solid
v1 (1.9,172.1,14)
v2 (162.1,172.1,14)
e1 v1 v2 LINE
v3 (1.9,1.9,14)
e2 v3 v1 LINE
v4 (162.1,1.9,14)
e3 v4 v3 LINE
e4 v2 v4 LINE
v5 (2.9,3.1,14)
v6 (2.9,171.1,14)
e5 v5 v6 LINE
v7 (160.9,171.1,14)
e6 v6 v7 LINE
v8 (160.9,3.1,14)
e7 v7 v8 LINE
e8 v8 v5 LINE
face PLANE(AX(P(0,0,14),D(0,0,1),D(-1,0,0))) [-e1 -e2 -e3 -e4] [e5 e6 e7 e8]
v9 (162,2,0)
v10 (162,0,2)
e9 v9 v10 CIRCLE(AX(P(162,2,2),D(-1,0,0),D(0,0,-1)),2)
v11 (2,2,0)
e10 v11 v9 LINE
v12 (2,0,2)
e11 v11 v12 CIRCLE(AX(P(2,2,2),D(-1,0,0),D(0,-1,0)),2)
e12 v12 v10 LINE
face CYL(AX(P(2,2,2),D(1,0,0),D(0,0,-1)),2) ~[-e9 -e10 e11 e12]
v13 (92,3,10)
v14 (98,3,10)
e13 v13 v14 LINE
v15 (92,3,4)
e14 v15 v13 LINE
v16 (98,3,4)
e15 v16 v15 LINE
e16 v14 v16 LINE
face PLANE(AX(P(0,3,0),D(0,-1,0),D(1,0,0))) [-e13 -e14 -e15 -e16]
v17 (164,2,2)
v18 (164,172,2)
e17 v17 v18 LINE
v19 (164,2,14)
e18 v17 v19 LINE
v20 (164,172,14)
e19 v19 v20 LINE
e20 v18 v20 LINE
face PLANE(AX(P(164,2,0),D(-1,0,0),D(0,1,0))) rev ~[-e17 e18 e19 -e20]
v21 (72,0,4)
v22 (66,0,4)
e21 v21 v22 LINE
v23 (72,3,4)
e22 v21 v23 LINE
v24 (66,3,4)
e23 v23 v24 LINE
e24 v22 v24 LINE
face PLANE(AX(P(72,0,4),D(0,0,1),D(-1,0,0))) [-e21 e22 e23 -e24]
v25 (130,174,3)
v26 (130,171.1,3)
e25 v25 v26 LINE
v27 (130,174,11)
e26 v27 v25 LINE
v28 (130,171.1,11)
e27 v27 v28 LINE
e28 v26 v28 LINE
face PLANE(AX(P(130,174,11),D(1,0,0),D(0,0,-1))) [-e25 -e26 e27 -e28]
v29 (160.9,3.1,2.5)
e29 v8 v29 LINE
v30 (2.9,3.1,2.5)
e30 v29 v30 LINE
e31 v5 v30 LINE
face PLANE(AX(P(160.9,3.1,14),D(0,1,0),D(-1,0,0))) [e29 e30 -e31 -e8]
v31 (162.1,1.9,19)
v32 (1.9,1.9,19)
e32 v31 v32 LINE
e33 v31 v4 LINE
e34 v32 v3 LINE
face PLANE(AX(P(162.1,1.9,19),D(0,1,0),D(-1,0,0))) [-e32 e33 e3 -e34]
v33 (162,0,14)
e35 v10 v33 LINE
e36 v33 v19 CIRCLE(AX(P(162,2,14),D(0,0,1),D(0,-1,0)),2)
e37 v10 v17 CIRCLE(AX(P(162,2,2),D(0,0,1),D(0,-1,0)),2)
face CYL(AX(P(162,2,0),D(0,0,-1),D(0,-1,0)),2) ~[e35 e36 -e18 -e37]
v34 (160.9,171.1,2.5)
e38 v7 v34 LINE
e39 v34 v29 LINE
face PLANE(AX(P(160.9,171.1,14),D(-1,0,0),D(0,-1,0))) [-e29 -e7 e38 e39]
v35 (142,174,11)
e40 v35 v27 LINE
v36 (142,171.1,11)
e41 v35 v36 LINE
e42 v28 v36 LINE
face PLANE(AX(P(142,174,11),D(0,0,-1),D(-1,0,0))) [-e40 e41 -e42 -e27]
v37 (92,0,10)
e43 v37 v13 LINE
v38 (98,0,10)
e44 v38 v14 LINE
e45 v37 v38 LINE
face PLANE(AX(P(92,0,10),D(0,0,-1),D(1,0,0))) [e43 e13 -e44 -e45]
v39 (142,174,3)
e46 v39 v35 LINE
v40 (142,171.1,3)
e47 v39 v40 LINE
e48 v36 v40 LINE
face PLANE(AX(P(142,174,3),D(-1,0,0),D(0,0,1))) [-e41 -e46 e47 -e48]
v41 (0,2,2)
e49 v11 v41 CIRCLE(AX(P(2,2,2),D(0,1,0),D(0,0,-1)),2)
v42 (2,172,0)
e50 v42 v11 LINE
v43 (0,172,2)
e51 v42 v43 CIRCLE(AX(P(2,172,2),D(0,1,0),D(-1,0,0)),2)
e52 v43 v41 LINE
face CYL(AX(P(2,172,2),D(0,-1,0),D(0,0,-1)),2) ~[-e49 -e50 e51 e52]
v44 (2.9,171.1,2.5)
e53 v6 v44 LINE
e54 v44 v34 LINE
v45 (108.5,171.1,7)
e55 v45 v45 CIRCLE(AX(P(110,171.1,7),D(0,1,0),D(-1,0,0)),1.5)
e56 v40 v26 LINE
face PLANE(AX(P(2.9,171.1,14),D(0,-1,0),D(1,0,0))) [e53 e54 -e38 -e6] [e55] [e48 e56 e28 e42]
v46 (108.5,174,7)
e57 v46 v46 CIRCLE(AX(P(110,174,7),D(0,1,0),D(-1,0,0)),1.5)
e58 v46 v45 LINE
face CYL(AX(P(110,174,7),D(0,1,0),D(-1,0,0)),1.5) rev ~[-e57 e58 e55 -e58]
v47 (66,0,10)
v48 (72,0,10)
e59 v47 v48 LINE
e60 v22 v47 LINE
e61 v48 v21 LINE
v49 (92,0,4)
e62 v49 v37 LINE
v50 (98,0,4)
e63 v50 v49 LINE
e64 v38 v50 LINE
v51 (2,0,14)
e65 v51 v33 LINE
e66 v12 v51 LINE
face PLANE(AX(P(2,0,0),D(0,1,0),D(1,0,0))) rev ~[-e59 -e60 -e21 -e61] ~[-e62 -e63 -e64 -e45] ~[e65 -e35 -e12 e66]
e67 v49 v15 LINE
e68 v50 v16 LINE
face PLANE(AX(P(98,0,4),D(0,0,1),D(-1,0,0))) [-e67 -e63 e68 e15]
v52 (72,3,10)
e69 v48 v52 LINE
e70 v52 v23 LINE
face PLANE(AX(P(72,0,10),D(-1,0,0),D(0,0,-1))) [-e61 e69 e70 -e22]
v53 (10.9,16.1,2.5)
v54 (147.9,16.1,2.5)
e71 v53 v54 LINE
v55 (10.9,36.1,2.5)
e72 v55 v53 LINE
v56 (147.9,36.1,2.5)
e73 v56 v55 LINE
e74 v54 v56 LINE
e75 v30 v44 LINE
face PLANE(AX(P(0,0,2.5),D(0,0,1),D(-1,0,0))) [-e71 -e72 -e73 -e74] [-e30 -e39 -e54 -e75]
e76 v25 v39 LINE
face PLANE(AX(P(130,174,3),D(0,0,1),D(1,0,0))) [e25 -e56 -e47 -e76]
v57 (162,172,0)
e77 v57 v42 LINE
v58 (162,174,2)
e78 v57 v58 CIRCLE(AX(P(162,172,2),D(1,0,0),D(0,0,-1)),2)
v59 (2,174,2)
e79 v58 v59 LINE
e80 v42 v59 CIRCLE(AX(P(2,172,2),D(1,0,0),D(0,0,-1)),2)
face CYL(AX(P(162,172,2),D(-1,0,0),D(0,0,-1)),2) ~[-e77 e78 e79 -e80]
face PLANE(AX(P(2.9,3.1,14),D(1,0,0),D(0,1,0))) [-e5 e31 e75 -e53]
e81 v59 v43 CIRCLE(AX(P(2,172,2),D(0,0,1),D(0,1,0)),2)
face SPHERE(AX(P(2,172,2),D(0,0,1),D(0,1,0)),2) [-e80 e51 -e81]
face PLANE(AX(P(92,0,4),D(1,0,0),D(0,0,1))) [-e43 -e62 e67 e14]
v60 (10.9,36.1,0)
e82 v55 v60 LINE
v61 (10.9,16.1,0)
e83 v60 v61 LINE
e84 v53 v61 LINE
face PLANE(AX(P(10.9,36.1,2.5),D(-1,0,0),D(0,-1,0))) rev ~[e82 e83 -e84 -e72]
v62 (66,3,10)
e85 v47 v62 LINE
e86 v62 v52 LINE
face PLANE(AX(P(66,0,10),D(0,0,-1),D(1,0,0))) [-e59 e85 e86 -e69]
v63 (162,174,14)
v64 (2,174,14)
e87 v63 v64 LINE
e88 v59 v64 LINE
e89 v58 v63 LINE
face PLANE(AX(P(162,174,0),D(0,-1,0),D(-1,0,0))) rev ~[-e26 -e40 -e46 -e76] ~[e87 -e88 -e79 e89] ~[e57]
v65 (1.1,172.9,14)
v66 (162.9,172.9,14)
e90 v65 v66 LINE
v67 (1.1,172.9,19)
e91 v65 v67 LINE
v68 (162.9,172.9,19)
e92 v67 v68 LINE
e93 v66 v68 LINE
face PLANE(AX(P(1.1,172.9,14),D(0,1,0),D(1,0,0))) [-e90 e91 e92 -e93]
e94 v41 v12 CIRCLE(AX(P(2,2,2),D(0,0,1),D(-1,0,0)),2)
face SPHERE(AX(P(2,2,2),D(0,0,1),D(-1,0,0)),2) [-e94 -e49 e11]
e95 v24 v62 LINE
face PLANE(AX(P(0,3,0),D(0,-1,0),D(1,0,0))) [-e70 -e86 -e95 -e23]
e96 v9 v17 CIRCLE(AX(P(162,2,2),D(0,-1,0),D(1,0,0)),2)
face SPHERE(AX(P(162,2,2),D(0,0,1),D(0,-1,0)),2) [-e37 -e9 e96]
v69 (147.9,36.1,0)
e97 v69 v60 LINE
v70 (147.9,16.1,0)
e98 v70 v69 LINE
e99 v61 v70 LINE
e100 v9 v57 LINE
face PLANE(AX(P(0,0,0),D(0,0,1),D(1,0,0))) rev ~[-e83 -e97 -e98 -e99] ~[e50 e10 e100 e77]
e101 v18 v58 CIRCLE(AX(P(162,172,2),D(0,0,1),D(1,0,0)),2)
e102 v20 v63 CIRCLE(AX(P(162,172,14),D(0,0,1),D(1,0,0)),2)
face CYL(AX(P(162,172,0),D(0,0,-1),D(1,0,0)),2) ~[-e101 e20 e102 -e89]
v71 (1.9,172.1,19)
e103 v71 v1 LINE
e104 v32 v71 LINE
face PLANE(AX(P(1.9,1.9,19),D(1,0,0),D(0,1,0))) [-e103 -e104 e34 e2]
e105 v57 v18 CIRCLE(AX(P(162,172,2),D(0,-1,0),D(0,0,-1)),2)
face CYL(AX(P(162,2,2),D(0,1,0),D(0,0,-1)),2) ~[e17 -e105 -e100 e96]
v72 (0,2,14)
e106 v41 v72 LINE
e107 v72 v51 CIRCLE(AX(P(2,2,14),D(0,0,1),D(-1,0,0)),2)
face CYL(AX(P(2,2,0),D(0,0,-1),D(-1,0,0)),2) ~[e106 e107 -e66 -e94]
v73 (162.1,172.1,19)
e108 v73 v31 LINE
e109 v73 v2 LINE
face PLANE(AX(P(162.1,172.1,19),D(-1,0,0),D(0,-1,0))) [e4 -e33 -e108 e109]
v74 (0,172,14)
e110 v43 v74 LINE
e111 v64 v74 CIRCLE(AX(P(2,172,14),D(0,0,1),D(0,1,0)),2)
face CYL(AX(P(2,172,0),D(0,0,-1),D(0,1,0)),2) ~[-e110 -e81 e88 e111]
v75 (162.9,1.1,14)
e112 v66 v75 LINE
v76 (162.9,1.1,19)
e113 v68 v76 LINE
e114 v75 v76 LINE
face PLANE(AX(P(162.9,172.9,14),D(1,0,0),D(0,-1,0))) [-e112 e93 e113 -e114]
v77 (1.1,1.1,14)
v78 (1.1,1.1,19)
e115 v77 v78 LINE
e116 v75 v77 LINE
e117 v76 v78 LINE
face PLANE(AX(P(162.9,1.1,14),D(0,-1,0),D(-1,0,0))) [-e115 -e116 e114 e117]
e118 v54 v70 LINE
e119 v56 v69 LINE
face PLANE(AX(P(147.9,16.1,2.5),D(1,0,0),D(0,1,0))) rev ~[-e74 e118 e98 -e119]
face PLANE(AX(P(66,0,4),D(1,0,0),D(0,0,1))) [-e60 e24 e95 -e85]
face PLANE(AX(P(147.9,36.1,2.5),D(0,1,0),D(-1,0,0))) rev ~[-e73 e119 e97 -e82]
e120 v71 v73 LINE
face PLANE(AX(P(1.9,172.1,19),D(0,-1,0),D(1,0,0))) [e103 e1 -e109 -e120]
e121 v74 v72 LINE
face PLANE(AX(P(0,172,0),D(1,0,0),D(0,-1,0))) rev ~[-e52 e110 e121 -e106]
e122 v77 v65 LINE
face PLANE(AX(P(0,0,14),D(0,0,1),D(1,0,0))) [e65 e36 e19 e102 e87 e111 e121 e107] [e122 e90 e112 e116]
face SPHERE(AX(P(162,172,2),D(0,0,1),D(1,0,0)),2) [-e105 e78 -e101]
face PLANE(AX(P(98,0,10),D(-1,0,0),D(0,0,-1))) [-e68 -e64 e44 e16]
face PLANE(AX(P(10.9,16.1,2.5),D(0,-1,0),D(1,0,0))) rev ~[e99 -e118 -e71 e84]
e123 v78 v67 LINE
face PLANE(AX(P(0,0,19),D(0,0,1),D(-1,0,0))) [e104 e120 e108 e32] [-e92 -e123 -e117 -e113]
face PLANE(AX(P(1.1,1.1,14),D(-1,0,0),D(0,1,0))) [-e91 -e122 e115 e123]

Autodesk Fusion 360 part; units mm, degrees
sketch "Sketch1" plane through (0, 0, 0) normal (0, 0, 1) x (1, 0, 0)
  line L0 (2, 0) -> (162, 0)
  line L1 (164, 2) -> (164, 172)
  line L2 (162, 174) -> (2, 174)
  line L3 (0, 172) -> (0, 2)
  arc A0 (2, 174) -> (0, 172) centre (2, 172) ccw
  arc A1 (164, 172) -> (162, 174) centre (162, 172) ccw
  arc A2 (0, 2) -> (2, 0) centre (2, 2) ccw
  arc A3 (162, 0) -> (164, 2) centre (162, 2) ccw
  point P0 (164, 0)
  point P1 (0, 174)
  dimension "d1" = 164
  dimension "d2" = 174
  dimension "d3" = 2
  dimension "d4" = 2
  dimension "d5" = 2
  dimension "d6" = 2
extrude "Extrude1" add sketch "Sketch1" along normal blind 14
sketch "Sketch4" plane through (0, 0, 14) normal (0, 0, 1) x (-1, 0, 0)
  arc A0 (-162, 0) -> (-164, -2) centre (-162, -2) ccw
  line L0 (-164, -2) -> (-164, -172)
  arc A1 (-164, -172) -> (-162, -174) centre (-162, -172) ccw
  line L1 (-162, -174) -> (-2, -174)
  arc A2 (-2, -174) -> (0, -172) centre (-2, -172) ccw
  line L2 (0, -172) -> (0, -2)
  arc A3 (0, -2) -> (-2, 0) centre (-2, -2) ccw
  line L3 (-2, 0) -> (-162, 0)
  line L4 (-1.1, -172.9) -> (-162.9, -172.9)
  line L5 (-162.9, -172.9) -> (-162.9, -1.1)
  line L6 (-162.9, -1.1) -> (-1.1, -1.1)
  line L7 (-1.1, -1.1) -> (-1.1, -172.9)
  dimension "d19" = 161.8
  dimension "d20" = 171.8
  dimension "d21" = 1.1
  dimension "d22" = 1.1
extrude "Extrude4" add sketch "Sketch4" along normal blind 5 contours L4 L5 L6 L7
sketch "Sketch5" plane through (0, 0, 19) normal (0, 0, 1) x (-1, 0, 0)
  line L0 (-1.1, -1.1) -> (-162.9, -1.1)
  line L1 (-162.9, -1.1) -> (-162.9, -172.9)
  line L2 (-162.9, -172.9) -> (-1.1, -172.9)
  line L3 (-1.1, -172.9) -> (-1.1, -1.1)
  line L4 (-1.9, -172.1) -> (-162.1, -172.1)
  line L5 (-162.1, -172.1) -> (-162.1, -1.9)
  line L6 (-162.1, -1.9) -> (-1.9, -1.9)
  line L7 (-1.9, -1.9) -> (-1.9, -172.1)
  dimension "d25" = 160.2
  dimension "d26" = 170.2
  dimension "d27" = 0.8
  dimension "d28" = 0.8
extrude "Extrude5" cut sketch "Sketch5" against normal blind 5 contours L4 L5 L6 L7
sketch "Sketch6" plane through (0, 0, 14) normal (0, 0, 1) x (-1, 0, 0)
  line L0 (-1.9, -1.9) -> (-162.1, -1.9)
  line L1 (-162.1, -1.9) -> (-162.1, -172.1)
  line L2 (-162.1, -172.1) -> (-1.9, -172.1)
  line L3 (-1.9, -172.1) -> (-1.9, -1.9)
  line L4 (-2.9, -171.1) -> (-160.9, -171.1)
  line L5 (-160.9, -171.1) -> (-160.9, -3.1)
  line L6 (-160.9, -3.1) -> (-2.9, -3.1)
  line L7 (-2.9, -3.1) -> (-2.9, -171.1)
  dimension "d31" = 158
  dimension "d32" = 168
  dimension "d33" = 1
  dimension "d34" = 1
extrude "Extrude6" cut sketch "Sketch6" against normal blind 11.5 contours L4 L5 L6 L7
sketch "Sketch9" plane through (0, 0, 2.5) normal (0, 0, 1) x (-1, 0, 0)
  line L0 (-2.9, -3.1) -> (-160.9, -3.1)
  line L1 (-160.9, -3.1) -> (-160.9, -171.1)
  line L2 (-160.9, -171.1) -> (-2.9, -171.1)
  line L3 (-2.9, -171.1) -> (-2.9, -3.1)
  line L4 (-10.9, -16.1) -> (-147.9, -16.1)
  line L5 (-147.9, -16.1) -> (-147.9, -36.1)
  line L6 (-147.9, -36.1) -> (-10.9, -36.1)
  line L7 (-10.9, -36.1) -> (-10.9, -16.1)
  dimension "d37" = 137
  dimension "d38" = 20
  dimension "d39" = 13
  dimension "d40" = 8
extrude "Extrude7" cut sketch "Sketch9" against normal blind 2.5 contours L4 L5 L6 L7
sketch "Sketch10" plane through (0, 0, 0) normal (0, -1, 0) x (1, 0, 0)
  line L0 (2, 0) -> (162, 0)
  line L1 (162, 0) -> (162, 14)
  line L2 (162, 14) -> (2, 14)
  line L3 (2, 14) -> (2, 0)
  line L4 (66, 10) -> (72, 10)
  line L5 (72, 10) -> (72, 4)
  line L6 (72, 4) -> (66, 4)
  line L7 (66, 4) -> (66, 10)
  dimension "d43" = 6
  dimension "d44" = 6
  dimension "d45" = 4
  dimension "d46" = 64
sketch "Sketch11" plane through (0, 0, 0) normal (0, -1, 0) x (1, 0, 0)
  line L0 (92, 10) -> (98, 10)
  line L1 (98, 10) -> (98, 4)
  line L2 (98, 4) -> (92, 4)
  line L3 (92, 4) -> (92, 10)
  line L4 (162, 14) -> (2, 14)
  line L5 (162, 0) -> (162, 14)
  dimension "d47" = 6
  dimension "d48" = 6
  dimension "d49" = 4
  dimension "d50" = 64
extrude "Extrude8" cut sketch "Sketch10" against normal blind 3 contours L4 L5 L6 L7
extrude "Extrude9" cut sketch "Sketch11" against normal blind 3
sketch "Sketch12" plane through (0, 174, 0) normal (0, 1, 0) x (-1, 0, 0)
  line L0 (-162, 0) -> (-2, 0)
  line L1 (-2, 0) -> (-2, 14)
  line L2 (-2, 14) -> (-162, 14)
  line L3 (-162, 14) -> (-162, 0)
  line L4 (-142, 11) -> (-130, 11)
  line L5 (-130, 11) -> (-130, 3)
  line L6 (-130, 3) -> (-142, 3)
  line L7 (-142, 3) -> (-142, 11)
  dimension "d55" = 12
  dimension "d56" = 8
  dimension "d57" = 20
  dimension "d58" = 3
sketch "Sketch13" plane through (0, 174, 0) normal (0, 1, 0) x (-1, 0, 0)
  circle A0 centre (-110, 7) radius 1.5
  line L0 (-130, 11) -> (-130, 3)
  line L1 (-2, 14) -> (-162, 14)
  dimension "d59" = 3
  dimension "d60" = 20
  dimension "d61" = 7
extrude "Extrude10" cut sketch "Sketch12" against normal blind 3 contours L4 L5 L6 L7
extrude "Extrude11" cut sketch "Sketch13" against normal blind 3
fillet "Fillet1" radius 2 8 edges at (82, 174, 0) (0.5858, 173.4142, 0) (0, 87, 0) (0.5858, 0.5858, 0) (82, 0, 0) (163.4142, 0.5858, 0) (164, 87, 0) (163.4142, 173.4142, 0)
